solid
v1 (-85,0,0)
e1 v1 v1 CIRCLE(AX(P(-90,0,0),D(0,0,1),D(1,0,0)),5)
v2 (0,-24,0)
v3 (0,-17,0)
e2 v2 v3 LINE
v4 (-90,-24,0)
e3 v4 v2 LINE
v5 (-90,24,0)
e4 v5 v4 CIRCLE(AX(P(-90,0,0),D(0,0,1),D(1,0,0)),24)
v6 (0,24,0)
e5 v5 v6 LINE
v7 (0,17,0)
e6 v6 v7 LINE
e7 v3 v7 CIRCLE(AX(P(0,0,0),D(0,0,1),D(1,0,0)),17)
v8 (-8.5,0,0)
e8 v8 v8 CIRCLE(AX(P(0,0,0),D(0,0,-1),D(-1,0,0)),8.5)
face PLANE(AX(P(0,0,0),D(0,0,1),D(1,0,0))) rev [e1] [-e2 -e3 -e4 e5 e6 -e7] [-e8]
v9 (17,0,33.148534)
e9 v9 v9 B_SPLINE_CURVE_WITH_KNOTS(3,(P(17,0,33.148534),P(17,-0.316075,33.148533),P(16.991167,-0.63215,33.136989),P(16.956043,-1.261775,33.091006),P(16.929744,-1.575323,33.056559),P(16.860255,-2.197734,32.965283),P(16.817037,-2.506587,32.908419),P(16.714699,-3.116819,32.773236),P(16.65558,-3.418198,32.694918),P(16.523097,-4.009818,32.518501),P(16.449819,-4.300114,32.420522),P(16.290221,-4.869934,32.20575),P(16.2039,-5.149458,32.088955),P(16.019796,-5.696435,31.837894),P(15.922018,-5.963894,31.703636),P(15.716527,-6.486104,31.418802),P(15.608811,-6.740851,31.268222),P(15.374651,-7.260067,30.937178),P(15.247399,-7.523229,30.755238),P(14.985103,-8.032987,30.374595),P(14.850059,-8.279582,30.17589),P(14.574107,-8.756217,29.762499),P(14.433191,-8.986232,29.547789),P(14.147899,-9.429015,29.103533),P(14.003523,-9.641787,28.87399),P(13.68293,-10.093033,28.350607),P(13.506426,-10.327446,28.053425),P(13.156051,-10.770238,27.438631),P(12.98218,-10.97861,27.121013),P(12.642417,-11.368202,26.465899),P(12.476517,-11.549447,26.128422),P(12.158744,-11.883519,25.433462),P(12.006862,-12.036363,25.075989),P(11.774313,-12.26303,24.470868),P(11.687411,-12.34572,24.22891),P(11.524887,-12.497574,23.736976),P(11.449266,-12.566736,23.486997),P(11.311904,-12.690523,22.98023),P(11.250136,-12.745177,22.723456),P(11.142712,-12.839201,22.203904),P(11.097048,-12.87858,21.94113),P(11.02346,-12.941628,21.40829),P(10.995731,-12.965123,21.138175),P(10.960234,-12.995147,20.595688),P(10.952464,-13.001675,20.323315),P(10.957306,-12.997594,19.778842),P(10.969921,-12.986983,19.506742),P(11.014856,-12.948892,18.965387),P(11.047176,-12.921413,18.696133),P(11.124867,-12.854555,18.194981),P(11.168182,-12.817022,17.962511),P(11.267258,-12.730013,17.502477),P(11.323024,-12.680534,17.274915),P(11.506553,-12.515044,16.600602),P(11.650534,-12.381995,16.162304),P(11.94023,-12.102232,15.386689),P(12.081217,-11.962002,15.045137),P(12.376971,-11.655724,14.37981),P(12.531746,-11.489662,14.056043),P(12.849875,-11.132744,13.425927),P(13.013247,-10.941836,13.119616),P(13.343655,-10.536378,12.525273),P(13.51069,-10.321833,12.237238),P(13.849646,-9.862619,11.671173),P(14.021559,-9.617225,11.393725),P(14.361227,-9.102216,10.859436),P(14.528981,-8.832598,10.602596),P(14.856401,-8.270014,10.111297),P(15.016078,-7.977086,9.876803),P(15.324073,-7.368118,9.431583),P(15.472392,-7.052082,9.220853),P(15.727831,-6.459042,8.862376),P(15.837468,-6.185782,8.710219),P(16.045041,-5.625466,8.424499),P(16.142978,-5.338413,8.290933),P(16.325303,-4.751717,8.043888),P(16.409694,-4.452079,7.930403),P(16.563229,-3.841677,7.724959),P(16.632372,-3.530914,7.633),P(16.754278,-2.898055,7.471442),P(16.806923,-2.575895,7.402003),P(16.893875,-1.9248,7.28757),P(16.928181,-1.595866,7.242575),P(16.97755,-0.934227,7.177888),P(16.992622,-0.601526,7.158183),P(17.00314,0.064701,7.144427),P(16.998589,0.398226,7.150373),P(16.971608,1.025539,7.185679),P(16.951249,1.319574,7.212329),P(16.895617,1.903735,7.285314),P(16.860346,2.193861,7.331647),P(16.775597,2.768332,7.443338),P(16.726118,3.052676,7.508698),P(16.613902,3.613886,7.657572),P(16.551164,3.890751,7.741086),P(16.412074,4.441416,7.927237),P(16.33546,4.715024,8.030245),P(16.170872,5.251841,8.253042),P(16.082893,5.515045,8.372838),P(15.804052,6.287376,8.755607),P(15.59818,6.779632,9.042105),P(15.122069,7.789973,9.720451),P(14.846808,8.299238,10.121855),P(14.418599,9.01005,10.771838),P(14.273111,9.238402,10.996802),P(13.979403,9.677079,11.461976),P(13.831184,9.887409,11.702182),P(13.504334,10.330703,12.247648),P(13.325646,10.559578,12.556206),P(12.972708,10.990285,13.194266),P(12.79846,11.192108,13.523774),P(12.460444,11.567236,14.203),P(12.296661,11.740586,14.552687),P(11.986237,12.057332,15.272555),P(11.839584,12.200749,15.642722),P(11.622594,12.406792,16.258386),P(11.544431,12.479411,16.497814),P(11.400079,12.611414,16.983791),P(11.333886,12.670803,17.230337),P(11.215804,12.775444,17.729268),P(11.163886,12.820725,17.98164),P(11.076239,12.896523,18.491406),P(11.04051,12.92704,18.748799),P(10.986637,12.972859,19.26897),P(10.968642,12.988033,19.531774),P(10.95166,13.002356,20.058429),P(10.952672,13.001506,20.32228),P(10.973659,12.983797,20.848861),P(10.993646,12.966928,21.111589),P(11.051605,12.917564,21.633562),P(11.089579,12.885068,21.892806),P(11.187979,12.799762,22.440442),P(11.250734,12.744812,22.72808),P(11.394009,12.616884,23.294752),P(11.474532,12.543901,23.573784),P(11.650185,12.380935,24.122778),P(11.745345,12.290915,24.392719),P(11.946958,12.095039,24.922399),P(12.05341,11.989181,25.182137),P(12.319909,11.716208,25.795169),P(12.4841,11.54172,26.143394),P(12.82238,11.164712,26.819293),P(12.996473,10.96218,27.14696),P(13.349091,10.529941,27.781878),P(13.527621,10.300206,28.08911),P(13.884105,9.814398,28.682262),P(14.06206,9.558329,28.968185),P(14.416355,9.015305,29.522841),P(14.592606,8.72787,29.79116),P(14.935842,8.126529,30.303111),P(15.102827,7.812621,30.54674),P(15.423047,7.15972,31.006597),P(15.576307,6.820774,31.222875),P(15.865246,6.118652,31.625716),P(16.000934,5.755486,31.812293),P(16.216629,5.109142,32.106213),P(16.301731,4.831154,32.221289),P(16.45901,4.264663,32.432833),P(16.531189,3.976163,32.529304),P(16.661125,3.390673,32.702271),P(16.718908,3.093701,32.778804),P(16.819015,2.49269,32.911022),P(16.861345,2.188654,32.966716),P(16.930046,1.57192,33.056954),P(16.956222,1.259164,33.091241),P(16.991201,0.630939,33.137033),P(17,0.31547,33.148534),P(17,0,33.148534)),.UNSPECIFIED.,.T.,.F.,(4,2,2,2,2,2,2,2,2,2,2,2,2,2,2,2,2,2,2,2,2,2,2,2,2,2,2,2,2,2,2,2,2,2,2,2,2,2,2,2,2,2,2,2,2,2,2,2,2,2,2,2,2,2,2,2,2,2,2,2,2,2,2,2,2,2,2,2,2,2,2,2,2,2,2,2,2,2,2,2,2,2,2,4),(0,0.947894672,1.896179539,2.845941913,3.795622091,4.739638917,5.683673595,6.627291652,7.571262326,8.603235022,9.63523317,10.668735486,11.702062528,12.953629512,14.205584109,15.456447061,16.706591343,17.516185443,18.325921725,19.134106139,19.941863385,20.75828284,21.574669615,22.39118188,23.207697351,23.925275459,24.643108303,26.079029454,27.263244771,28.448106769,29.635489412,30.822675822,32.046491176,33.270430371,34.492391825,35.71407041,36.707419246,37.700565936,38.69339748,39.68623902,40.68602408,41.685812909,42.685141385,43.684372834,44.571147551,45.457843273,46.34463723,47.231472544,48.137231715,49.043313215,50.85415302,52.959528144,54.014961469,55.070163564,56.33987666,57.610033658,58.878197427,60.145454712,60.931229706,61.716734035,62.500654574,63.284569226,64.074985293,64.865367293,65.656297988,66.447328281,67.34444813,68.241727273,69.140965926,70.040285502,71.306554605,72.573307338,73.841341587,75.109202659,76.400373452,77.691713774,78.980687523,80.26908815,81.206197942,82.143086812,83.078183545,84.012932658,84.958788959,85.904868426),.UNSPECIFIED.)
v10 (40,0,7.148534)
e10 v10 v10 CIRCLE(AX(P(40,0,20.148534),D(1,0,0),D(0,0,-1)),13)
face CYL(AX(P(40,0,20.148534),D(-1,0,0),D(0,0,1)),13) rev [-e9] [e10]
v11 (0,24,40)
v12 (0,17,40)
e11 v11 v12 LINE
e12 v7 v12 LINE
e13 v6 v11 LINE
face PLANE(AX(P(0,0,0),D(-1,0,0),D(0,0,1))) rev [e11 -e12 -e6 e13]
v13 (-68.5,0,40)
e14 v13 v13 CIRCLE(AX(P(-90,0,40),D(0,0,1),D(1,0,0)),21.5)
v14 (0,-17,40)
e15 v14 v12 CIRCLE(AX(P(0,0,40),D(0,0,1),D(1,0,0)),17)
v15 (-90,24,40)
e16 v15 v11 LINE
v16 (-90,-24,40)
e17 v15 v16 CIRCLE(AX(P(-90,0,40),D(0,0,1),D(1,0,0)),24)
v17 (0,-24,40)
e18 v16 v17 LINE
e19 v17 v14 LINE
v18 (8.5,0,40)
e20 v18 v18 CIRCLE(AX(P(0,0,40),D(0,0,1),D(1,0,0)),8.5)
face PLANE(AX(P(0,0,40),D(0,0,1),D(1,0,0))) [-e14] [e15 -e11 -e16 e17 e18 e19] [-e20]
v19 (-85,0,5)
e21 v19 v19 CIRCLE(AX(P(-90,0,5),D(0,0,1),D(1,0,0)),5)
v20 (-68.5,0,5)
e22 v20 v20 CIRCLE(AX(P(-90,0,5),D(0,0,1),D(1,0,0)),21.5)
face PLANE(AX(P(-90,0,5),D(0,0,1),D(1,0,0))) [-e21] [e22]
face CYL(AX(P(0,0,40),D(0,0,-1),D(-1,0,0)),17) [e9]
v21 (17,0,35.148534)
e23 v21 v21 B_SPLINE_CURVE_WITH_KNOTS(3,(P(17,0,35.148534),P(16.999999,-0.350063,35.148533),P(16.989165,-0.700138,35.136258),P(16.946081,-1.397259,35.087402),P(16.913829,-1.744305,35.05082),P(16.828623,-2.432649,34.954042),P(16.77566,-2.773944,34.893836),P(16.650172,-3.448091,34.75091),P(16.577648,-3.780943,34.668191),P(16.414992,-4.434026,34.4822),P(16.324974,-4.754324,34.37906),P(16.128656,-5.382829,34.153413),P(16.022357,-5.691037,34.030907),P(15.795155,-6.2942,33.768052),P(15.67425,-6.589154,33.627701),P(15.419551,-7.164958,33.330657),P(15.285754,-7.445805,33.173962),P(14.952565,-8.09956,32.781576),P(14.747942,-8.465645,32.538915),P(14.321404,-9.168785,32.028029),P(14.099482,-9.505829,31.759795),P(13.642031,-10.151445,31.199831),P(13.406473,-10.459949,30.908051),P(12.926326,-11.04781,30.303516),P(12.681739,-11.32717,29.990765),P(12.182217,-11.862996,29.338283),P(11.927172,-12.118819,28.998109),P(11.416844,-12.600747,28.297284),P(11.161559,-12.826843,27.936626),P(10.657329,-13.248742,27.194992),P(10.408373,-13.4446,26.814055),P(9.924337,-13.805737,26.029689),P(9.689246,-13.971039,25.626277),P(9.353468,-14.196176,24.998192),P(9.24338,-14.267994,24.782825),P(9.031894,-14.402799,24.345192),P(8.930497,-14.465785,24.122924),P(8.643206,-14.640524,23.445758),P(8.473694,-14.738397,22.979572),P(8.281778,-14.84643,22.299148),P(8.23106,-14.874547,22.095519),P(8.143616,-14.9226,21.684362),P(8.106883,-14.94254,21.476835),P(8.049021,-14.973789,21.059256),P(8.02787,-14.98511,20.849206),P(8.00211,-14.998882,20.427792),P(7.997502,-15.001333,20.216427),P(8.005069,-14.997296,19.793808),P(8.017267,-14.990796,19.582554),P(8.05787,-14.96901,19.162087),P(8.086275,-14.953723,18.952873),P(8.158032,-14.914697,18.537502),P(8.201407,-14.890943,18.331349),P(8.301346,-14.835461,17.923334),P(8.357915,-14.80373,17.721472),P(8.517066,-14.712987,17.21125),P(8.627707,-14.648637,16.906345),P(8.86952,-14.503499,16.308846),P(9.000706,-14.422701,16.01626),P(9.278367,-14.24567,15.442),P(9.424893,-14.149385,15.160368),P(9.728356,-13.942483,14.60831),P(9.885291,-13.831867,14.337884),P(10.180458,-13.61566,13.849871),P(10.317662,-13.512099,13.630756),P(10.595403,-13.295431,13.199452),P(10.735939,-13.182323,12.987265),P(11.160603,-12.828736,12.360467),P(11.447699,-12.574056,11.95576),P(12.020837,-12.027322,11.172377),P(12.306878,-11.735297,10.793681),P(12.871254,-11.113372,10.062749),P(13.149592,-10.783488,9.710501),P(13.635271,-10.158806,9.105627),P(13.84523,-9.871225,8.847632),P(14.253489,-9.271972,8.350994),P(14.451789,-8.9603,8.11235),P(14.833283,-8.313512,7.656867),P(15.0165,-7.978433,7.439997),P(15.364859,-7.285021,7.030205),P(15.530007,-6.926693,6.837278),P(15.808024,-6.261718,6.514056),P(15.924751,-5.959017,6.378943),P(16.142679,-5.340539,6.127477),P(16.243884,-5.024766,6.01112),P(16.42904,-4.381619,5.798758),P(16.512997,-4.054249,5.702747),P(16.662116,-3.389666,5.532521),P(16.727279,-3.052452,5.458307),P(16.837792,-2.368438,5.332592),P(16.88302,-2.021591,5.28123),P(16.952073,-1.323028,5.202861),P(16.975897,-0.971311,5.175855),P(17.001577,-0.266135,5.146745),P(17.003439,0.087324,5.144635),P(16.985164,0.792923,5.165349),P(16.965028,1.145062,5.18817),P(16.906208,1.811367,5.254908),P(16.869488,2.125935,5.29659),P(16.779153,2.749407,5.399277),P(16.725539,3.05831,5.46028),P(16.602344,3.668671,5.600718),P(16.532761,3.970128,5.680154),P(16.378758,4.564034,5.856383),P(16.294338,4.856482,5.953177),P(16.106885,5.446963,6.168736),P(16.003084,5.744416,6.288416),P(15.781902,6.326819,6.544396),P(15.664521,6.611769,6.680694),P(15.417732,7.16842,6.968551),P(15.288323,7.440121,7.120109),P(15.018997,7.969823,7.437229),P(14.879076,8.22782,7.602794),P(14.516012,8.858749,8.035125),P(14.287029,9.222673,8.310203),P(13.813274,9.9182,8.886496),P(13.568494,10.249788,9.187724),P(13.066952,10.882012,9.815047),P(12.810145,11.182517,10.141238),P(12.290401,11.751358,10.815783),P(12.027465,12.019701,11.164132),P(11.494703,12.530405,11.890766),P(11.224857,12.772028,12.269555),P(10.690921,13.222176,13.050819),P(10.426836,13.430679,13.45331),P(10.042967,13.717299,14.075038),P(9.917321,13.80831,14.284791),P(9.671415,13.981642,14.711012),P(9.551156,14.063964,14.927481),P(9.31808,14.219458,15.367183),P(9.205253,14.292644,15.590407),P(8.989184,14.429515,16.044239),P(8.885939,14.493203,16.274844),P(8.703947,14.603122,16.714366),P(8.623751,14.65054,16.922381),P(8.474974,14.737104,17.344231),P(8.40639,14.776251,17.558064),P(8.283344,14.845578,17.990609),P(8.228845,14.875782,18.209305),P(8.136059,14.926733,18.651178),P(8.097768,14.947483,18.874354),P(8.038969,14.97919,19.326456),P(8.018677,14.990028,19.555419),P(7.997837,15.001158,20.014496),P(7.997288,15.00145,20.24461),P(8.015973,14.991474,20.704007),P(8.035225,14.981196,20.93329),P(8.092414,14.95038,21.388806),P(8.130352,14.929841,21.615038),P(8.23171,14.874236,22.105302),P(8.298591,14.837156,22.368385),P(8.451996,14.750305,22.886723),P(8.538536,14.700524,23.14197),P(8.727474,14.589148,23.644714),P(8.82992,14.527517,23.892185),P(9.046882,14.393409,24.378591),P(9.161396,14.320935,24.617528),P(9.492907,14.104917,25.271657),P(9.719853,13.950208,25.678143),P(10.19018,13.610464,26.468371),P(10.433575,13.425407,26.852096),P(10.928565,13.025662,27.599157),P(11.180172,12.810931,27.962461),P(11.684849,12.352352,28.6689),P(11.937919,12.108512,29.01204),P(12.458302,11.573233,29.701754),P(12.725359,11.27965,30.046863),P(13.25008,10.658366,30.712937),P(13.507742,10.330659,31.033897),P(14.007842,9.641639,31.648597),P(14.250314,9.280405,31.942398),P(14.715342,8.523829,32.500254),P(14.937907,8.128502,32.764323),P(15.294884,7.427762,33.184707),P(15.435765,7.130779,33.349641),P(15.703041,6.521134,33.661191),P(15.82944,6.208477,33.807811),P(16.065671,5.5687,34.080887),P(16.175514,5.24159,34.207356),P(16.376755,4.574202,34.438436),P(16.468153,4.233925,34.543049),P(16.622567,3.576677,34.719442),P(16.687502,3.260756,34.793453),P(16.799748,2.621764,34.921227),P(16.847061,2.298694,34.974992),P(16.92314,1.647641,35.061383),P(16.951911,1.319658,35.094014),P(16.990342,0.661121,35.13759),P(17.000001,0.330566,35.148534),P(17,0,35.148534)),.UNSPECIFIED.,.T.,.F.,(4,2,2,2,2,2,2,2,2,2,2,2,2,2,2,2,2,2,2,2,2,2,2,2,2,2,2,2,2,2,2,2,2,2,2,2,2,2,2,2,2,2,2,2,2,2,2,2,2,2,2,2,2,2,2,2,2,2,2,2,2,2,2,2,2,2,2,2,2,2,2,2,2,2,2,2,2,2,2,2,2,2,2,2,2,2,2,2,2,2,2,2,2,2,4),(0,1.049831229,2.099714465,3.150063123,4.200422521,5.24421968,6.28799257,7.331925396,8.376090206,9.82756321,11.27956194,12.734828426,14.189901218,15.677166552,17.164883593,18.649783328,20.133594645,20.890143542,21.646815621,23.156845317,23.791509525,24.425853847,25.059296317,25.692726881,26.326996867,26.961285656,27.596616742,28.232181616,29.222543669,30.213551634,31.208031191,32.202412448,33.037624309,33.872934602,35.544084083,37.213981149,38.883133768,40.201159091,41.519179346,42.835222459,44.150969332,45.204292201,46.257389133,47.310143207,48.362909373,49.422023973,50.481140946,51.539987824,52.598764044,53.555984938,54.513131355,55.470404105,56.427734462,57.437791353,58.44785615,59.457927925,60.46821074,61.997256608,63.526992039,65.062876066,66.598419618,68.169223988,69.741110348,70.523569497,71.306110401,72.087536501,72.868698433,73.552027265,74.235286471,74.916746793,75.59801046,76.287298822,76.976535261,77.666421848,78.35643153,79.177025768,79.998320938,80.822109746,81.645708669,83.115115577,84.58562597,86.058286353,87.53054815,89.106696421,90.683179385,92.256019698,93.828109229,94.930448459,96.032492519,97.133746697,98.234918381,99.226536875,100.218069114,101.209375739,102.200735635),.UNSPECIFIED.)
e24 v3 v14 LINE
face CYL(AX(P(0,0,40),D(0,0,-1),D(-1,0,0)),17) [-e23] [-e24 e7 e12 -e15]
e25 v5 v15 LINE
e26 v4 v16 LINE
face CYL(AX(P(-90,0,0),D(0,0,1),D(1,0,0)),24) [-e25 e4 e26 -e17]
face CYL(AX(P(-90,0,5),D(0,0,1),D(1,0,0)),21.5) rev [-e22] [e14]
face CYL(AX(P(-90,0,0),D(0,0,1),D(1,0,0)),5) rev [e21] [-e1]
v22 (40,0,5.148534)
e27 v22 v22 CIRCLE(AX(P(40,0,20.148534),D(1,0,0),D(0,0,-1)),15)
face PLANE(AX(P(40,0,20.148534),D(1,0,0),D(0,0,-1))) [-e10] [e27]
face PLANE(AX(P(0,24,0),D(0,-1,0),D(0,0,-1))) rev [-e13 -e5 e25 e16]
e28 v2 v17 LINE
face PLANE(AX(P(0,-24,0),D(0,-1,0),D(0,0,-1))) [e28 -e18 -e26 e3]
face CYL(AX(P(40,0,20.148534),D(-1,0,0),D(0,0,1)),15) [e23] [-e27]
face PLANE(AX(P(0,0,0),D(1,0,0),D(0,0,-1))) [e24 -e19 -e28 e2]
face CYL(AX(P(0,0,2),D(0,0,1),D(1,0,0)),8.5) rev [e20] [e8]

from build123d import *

# Parameters (mm, degrees)
SKETCH1_R           = 17
BOSS_EXTRUDE2_DEPTH = 40
SKETCH2_R           = 8.5
CUT_EXTRUDE1_DEPTH  = 38
CUT_EXTRUDE2_START  = -38
SKETCH3_R           = 8.5
CUT_EXTRUDE2_DEPTH  = 38
SKETCH4_R           = 15
SKETCH4_R_2         = 13
BOSS_EXTRUDE3_DEPTH = 40
CUT_EXTRUDE4_START  = -50
SKETCH6_R           = 8.5
CUT_EXTRUDE4_DEPTH  = 50
BOSS_EXTRUDE4_START = -40
BOSS_EXTRUDE4_DEPTH = 40
SKETCH11_R          = 21.5
CUT_EXTRUDE5_DEPTH  = 35
SKETCH12_R          = 5
CUT_EXTRUDE6_DEPTH  = 122.642920086


with BuildPart() as part:
    # Sketch1 → Boss-Extrude2 (new body)
    with BuildSketch(Plane.XY):
        Circle(SKETCH1_R)
    extrude(amount=BOSS_EXTRUDE2_DEPTH)

    # Sketch2 → Cut-Extrude1 (cut)
    with BuildSketch(Plane.XY.offset(40)):
        Circle(SKETCH2_R)
    extrude(amount=-CUT_EXTRUDE1_DEPTH, mode=Mode.SUBTRACT)

    # Sketch3 → Cut-Extrude2 (cut)
    with BuildSketch(Plane(origin=(0, 0, 0), x_dir=(-1, 0, 0), z_dir=(0, 0, -1)).offset(CUT_EXTRUDE2_START)):
        with Locations(Location((0, 0, 0), (0, 0, 180))):
            Circle(SKETCH3_R)
    extrude(amount=CUT_EXTRUDE2_DEPTH, mode=Mode.SUBTRACT)

    # Sketch4 → Boss-Extrude3 (add)
    with BuildSketch(Plane(origin=(0, 0, 0), x_dir=(0, 0, -1), z_dir=(1, 0, 0))):
        with Locations((-20.148533522, 0)):
            Circle(SKETCH4_R)
        with Locations(Location((-20.148533522, 0, 0), (0, 0, 180))):
            Circle(SKETCH4_R_2, mode=Mode.SUBTRACT)
    extrude(amount=BOSS_EXTRUDE3_DEPTH)

    # Sketch6 → Cut-Extrude4 (cut)
    with BuildSketch(Plane(origin=(0, 0, 0), x_dir=(-1, 0, 0), z_dir=(0, 0, -1)).offset(CUT_EXTRUDE4_START)):
        with Locations(Location((0, 0, 0), (0, 0, 180))):
            Circle(SKETCH6_R)
    extrude(amount=CUT_EXTRUDE4_DEPTH, mode=Mode.SUBTRACT)

    # Sketch9 → Boss-Extrude4 (add)
    with BuildSketch(Plane.XY.offset(40).offset(BOSS_EXTRUDE4_START)):
        with BuildLine():
            ThreePointArc((-90, 24), (-114, 0), (-90, -24))
            Line((-90, -24), (0, -24))
            Line((0, -24), (0, -17))
            ThreePointArc((0, -17), (-17, 0), (0, 17))
            Line((0, 17), (0, 24))
            Line((0, 24), (-90, 24))
        make_face()
    extrude(amount=BOSS_EXTRUDE4_DEPTH)

    # Sketch11 → Cut-Extrude5 (cut)
    with BuildSketch(Plane.XY.offset(40)):
        with Locations((-90, 0)):
            Circle(SKETCH11_R)
    extrude(amount=-CUT_EXTRUDE5_DEPTH, mode=Mode.SUBTRACT)

    # Sketch12 → Cut-Extrude6 (cut, through all)
    with BuildSketch(Plane.XY.offset(5)):
        with Locations((-90, 0)):
            Circle(SKETCH12_R)
    extrude(amount=-CUT_EXTRUDE6_DEPTH, mode=Mode.SUBTRACT)


solid = part.part
